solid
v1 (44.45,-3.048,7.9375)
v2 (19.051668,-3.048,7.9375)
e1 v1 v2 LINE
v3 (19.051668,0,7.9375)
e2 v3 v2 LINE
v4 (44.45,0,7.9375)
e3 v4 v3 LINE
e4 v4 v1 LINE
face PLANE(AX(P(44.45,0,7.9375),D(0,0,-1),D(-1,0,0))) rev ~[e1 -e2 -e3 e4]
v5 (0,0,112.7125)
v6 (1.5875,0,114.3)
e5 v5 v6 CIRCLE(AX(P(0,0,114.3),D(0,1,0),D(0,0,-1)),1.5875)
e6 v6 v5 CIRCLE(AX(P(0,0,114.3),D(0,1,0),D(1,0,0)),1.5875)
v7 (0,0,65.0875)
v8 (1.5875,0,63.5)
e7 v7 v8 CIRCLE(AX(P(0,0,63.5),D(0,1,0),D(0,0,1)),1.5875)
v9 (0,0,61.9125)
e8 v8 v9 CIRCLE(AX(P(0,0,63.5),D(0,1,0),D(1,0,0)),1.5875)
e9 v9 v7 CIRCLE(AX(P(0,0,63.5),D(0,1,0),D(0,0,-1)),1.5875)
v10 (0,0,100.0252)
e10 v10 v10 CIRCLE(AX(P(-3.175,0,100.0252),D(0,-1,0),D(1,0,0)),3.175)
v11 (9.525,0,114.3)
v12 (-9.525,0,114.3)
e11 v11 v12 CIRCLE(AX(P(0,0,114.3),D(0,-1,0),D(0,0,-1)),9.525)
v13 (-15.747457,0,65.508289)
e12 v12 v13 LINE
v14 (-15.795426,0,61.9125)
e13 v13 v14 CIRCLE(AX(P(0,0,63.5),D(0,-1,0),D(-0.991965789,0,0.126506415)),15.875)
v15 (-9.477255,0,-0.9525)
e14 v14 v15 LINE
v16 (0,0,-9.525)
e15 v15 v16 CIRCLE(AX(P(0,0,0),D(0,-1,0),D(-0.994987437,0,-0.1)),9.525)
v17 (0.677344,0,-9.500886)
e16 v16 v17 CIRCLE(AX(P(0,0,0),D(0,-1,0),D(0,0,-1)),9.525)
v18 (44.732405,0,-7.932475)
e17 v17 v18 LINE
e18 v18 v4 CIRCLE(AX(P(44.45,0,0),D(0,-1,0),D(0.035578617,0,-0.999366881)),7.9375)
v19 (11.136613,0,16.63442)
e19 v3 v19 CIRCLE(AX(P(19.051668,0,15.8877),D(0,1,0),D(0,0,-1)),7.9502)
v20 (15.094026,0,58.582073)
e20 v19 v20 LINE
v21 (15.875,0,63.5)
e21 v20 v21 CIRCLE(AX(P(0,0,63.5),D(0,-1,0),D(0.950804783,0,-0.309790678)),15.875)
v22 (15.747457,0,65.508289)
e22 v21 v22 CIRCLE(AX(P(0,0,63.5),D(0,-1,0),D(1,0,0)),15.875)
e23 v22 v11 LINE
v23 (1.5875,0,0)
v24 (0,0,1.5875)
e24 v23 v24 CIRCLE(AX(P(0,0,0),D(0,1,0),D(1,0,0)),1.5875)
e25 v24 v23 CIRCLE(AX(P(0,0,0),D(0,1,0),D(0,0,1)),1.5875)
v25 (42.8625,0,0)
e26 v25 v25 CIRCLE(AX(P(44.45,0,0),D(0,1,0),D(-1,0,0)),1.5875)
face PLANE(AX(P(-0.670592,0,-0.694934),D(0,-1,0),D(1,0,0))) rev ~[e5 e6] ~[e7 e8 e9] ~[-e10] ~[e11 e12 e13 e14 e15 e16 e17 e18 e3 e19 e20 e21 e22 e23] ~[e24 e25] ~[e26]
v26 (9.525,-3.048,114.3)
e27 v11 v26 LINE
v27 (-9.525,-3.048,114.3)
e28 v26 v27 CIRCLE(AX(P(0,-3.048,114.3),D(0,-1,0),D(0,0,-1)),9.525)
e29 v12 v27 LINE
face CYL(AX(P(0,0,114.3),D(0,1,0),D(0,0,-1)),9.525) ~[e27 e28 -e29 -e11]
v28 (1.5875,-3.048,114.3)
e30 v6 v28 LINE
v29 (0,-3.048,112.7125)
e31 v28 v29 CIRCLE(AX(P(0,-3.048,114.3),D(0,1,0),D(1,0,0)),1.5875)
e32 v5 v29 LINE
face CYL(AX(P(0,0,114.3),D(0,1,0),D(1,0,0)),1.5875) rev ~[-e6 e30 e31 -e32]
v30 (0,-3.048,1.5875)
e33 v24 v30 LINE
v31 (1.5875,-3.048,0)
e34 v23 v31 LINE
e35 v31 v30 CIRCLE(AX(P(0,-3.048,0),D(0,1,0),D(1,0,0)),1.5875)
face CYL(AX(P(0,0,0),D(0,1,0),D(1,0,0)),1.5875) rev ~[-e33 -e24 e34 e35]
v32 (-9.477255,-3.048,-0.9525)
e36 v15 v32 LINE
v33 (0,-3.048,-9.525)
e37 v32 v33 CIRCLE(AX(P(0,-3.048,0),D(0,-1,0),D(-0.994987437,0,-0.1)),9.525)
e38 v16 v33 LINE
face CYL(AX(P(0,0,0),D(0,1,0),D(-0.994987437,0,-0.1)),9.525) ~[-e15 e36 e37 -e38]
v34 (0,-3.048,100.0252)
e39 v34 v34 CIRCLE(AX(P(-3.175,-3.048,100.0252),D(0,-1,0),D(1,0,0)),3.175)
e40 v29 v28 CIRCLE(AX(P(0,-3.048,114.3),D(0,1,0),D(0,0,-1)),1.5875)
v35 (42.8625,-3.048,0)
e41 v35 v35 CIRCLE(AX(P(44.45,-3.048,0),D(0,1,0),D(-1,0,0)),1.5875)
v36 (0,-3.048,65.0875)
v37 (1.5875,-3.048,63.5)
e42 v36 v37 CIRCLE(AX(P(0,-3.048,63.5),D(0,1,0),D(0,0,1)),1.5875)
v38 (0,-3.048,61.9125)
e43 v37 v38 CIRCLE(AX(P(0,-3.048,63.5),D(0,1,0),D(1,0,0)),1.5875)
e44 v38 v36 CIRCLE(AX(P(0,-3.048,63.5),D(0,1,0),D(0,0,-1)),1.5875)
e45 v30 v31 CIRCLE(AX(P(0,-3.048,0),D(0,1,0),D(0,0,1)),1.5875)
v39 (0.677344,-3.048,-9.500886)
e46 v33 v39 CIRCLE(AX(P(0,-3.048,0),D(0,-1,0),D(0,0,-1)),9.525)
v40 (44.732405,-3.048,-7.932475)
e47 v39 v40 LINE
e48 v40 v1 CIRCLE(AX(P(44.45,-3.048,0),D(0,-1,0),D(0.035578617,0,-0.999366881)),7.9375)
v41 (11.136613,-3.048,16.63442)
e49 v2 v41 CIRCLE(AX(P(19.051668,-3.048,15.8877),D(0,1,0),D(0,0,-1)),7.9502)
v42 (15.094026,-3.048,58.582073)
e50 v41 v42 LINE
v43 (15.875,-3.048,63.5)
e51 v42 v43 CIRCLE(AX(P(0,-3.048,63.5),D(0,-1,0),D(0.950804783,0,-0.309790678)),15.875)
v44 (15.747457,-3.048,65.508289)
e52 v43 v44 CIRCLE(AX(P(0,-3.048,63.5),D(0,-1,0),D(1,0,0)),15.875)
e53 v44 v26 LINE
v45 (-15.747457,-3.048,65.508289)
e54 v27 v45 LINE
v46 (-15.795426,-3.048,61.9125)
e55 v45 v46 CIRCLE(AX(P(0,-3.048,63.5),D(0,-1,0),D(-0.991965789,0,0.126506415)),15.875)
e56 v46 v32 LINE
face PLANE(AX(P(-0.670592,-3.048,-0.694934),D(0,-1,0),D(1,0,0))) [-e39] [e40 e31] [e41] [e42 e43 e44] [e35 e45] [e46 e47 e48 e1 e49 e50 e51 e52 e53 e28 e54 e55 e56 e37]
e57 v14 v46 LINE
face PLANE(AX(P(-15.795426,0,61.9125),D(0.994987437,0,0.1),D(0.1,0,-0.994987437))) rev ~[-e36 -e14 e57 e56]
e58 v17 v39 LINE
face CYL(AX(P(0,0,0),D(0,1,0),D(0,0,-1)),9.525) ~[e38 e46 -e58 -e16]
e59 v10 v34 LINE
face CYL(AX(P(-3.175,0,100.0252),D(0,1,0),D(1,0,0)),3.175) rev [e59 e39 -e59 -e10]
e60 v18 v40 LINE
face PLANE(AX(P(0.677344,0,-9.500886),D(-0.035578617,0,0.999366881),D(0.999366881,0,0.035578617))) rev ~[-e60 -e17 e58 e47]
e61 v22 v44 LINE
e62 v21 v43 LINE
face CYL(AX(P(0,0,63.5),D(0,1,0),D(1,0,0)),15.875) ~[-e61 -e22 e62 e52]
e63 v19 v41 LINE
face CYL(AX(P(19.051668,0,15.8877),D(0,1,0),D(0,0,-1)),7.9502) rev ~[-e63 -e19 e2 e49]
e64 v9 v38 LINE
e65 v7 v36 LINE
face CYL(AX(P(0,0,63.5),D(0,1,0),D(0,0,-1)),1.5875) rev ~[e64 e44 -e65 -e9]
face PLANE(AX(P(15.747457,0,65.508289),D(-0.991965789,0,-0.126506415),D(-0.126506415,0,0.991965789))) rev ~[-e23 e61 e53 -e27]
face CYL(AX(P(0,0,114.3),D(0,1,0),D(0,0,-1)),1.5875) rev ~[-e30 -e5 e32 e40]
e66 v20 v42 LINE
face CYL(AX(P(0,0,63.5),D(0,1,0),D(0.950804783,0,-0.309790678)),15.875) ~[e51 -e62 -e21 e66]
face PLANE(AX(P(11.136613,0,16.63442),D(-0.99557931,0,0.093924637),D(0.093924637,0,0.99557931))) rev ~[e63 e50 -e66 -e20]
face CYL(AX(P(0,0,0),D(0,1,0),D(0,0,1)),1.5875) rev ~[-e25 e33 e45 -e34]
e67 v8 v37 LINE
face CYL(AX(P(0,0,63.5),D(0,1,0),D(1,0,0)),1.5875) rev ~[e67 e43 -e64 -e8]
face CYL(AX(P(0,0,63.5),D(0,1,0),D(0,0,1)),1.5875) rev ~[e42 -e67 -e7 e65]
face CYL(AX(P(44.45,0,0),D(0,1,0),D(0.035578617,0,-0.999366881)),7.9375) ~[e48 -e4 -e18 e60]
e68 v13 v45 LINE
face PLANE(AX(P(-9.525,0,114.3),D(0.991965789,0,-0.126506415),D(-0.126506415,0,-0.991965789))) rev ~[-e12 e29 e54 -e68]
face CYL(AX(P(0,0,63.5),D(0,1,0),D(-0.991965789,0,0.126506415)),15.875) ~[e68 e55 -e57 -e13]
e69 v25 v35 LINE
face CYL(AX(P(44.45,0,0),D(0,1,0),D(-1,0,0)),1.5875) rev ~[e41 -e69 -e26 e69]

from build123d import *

# Parameters (mm, degrees)
F0_R     = 3.175
F1_DEPTH = 3.048


with BuildPart() as f1:
    # F0 (on Front) → F1 (new body)
    with BuildSketch(Plane.XZ):
        with BuildLine():
            ThreePointArc((1.5875, 0), (-1.1225320151, -1.1225320151), (0, 1.5875))
            Line((0, 1.5875), (0, 9.525))
            ThreePointArc((0, 9.525), (-7.063929059, 6.3895642457), (-9.4772553384, -0.9525))
            ThreePointArc((-9.4772553384, -0.9525), (-6.3895642457, -7.063929059), (0, -9.525))
            Line((0, -9.525), (0.6773435479, -9.500885786))
            ThreePointArc((0.6773435479, -9.500885786), (6.9705567315, -6.4912990883), (9.525, 0))
            Line((9.525, 0), (1.5875, 0))
        make_face()
        with BuildLine():
            ThreePointArc((-9.4772553384, -0.9525), (-7.063929059, 6.3895642457), (0, 9.525))
            Line((0, 9.525), (0, 47.625))
            ThreePointArc((0, 47.625), (-10.6492737428, 51.7267849017), (-15.7954255641, 61.9125))
            Line((-15.7954255641, 61.9125), (-9.4772553384, -0.9525))
        make_face()
        with BuildLine():
            Line((0, 47.625), (0, 9.525))
            ThreePointArc((0, 9.525), (6.7351920908, 6.7351920908), (9.525, 0))
            Line((9.525, 0), (36.5125, 0))
            ThreePointArc((36.5125, 0), (38.8373399243, 5.6126600757), (44.45, 7.9375))
            Line((44.45, 7.9375), (19.0516679685, 7.9375))
            ThreePointArc((19.0516679685, 7.9375), (13.1719464369, 10.5365735064), (11.1366133377, 16.6344196472))
            Line((11.1366133377, 16.6344196472), (15.0940259351, 58.5820729906))
            ThreePointArc((15.0940259351, 58.5820729906), (9.3258654753, 50.6530603591), (0, 47.625))
        make_face()
        with BuildLine():
            Line((36.5125, 0), (9.525, 0))
            ThreePointArc((9.525, 0), (6.9705567315, -6.4912990883), (0.6773435479, -9.500885786))
            Line((0.6773435479, -9.500885786), (44.7324052746, -7.9324746146))
            ThreePointArc((44.7324052746, -7.9324746146), (38.9380895153, -5.7116327839), (36.5125, 0))
        make_face()
        with BuildLine():
            ThreePointArc((-15.7954255641, 61.9125), (-10.6492737428, 51.7267849017), (0, 47.625))
            Line((0, 47.625), (0, 61.9125))
            ThreePointArc((0, 61.9125), (-1.5875, 63.5), (0, 65.0875))
            Line((0, 65.0875), (0, 79.375))
            ThreePointArc((0, 79.375), (-10.4912828548, 75.4142187767), (-15.7474569047, 65.5082893304))
            ThreePointArc((-15.7474569047, 65.5082893304), (-15.8735876171, 63.7117573215), (-15.7954255641, 61.9125))
        make_face()
        with BuildLine():
            Line((0, 61.9125), (0, 47.625))
            ThreePointArc((0, 47.625), (9.3258654753, 50.6530603591), (15.0940259351, 58.5820729906))
            Line((15.0940259351, 58.5820729906), (15.7474569047, 65.5082893304))
            ThreePointArc((15.7474569047, 65.5082893304), (10.4912828548, 75.4142187767), (0, 79.375))
            Line((0, 79.375), (0, 65.0875))
            ThreePointArc((0, 65.0875), (1.1225320151, 64.6225320151), (1.5875, 63.5))
            ThreePointArc((1.5875, 63.5), (1.1225320151, 62.3774679849), (0, 61.9125))
        make_face()
        with BuildLine():
            ThreePointArc((44.45, 7.9375), (38.8373399243, 5.6126600757), (36.5125, 0))
            ThreePointArc((36.5125, 0), (38.9380895153, -5.7116327839), (44.7324052746, -7.9324746146))
            ThreePointArc((44.7324052746, -7.9324746146), (50.1616327839, -5.5119104847), (52.3875, 0))
            ThreePointArc((52.3875, 0), (50.0626600757, 5.6126600757), (44.45, 7.9375))
        make_face()
        with BuildLine():
            ThreePointArc((46.0375, 0), (44.45, -1.5875), (42.8625, 0))
            ThreePointArc((42.8625, 0), (44.45, 1.5875), (46.0375, 0))
        make_face(mode=Mode.SUBTRACT)
        with BuildLine():
            ThreePointArc((0, -9.525), (0.3388863295, -9.5189695375), (0.6773435479, -9.500885786))
            Line((0.6773435479, -9.500885786), (0, -9.525))
        make_face()
        with BuildLine():
            Line((15.7474569047, 65.5082893304), (15.0940259351, 58.5820729906))
            ThreePointArc((15.0940259351, 58.5820729906), (15.6785408556, 61.0102245804), (15.875, 63.5))
            ThreePointArc((15.875, 63.5), (15.8430821396, 64.5061676396), (15.7474569047, 65.5082893304))
        make_face()
        with BuildLine():
            Line((-9.525, 114.3), (-15.7474569047, 65.5082893304))
            ThreePointArc((-15.7474569047, 65.5082893304), (-10.4912828548, 75.4142187767), (0, 79.375))
            Line((0, 79.375), (0, 100.0252))
            Line((0, 100.0252), (0, 104.775))
            ThreePointArc((0, 104.775), (-6.7351920908, 107.5648079092), (-9.525, 114.3))
        make_face()
        with Locations((-3.175, 100.0252)):
            Circle(F0_R, mode=Mode.SUBTRACT)
        with BuildLine():
            ThreePointArc((0, 79.375), (10.4912828548, 75.4142187767), (15.7474569047, 65.5082893304))
            Line((15.7474569047, 65.5082893304), (9.525, 114.3))
            ThreePointArc((9.525, 114.3), (6.7351920908, 107.5648079092), (0, 104.775))
            Line((0, 104.775), (0, 100.0252))
            Line((0, 100.0252), (0, 79.375))
        make_face()
        with BuildLine():
            ThreePointArc((9.525, 114.3), (0, 123.825), (-9.525, 114.3))
            ThreePointArc((-9.525, 114.3), (-6.7351920908, 107.5648079092), (0, 104.775))
            ThreePointArc((0, 104.775), (6.7351920908, 107.5648079092), (9.525, 114.3))
        make_face()
        with BuildLine():
            ThreePointArc((1.5875, 114.3), (1.1225320151, 113.1774679849), (0, 112.7125))
            ThreePointArc((0, 112.7125), (-1.1225320151, 115.4225320151), (1.5875, 114.3))
        make_face(mode=Mode.SUBTRACT)
        with BuildLine():
            Line((0, 9.525), (0, 1.5875))
            ThreePointArc((0, 1.5875), (1.1225320151, 1.1225320151), (1.5875, 0))
            Line((1.5875, 0), (9.525, 0))
            ThreePointArc((9.525, 0), (6.7351920908, 6.7351920908), (0, 9.525))
        make_face()
    extrude(amount=F1_DEPTH)


solid = f1.part
